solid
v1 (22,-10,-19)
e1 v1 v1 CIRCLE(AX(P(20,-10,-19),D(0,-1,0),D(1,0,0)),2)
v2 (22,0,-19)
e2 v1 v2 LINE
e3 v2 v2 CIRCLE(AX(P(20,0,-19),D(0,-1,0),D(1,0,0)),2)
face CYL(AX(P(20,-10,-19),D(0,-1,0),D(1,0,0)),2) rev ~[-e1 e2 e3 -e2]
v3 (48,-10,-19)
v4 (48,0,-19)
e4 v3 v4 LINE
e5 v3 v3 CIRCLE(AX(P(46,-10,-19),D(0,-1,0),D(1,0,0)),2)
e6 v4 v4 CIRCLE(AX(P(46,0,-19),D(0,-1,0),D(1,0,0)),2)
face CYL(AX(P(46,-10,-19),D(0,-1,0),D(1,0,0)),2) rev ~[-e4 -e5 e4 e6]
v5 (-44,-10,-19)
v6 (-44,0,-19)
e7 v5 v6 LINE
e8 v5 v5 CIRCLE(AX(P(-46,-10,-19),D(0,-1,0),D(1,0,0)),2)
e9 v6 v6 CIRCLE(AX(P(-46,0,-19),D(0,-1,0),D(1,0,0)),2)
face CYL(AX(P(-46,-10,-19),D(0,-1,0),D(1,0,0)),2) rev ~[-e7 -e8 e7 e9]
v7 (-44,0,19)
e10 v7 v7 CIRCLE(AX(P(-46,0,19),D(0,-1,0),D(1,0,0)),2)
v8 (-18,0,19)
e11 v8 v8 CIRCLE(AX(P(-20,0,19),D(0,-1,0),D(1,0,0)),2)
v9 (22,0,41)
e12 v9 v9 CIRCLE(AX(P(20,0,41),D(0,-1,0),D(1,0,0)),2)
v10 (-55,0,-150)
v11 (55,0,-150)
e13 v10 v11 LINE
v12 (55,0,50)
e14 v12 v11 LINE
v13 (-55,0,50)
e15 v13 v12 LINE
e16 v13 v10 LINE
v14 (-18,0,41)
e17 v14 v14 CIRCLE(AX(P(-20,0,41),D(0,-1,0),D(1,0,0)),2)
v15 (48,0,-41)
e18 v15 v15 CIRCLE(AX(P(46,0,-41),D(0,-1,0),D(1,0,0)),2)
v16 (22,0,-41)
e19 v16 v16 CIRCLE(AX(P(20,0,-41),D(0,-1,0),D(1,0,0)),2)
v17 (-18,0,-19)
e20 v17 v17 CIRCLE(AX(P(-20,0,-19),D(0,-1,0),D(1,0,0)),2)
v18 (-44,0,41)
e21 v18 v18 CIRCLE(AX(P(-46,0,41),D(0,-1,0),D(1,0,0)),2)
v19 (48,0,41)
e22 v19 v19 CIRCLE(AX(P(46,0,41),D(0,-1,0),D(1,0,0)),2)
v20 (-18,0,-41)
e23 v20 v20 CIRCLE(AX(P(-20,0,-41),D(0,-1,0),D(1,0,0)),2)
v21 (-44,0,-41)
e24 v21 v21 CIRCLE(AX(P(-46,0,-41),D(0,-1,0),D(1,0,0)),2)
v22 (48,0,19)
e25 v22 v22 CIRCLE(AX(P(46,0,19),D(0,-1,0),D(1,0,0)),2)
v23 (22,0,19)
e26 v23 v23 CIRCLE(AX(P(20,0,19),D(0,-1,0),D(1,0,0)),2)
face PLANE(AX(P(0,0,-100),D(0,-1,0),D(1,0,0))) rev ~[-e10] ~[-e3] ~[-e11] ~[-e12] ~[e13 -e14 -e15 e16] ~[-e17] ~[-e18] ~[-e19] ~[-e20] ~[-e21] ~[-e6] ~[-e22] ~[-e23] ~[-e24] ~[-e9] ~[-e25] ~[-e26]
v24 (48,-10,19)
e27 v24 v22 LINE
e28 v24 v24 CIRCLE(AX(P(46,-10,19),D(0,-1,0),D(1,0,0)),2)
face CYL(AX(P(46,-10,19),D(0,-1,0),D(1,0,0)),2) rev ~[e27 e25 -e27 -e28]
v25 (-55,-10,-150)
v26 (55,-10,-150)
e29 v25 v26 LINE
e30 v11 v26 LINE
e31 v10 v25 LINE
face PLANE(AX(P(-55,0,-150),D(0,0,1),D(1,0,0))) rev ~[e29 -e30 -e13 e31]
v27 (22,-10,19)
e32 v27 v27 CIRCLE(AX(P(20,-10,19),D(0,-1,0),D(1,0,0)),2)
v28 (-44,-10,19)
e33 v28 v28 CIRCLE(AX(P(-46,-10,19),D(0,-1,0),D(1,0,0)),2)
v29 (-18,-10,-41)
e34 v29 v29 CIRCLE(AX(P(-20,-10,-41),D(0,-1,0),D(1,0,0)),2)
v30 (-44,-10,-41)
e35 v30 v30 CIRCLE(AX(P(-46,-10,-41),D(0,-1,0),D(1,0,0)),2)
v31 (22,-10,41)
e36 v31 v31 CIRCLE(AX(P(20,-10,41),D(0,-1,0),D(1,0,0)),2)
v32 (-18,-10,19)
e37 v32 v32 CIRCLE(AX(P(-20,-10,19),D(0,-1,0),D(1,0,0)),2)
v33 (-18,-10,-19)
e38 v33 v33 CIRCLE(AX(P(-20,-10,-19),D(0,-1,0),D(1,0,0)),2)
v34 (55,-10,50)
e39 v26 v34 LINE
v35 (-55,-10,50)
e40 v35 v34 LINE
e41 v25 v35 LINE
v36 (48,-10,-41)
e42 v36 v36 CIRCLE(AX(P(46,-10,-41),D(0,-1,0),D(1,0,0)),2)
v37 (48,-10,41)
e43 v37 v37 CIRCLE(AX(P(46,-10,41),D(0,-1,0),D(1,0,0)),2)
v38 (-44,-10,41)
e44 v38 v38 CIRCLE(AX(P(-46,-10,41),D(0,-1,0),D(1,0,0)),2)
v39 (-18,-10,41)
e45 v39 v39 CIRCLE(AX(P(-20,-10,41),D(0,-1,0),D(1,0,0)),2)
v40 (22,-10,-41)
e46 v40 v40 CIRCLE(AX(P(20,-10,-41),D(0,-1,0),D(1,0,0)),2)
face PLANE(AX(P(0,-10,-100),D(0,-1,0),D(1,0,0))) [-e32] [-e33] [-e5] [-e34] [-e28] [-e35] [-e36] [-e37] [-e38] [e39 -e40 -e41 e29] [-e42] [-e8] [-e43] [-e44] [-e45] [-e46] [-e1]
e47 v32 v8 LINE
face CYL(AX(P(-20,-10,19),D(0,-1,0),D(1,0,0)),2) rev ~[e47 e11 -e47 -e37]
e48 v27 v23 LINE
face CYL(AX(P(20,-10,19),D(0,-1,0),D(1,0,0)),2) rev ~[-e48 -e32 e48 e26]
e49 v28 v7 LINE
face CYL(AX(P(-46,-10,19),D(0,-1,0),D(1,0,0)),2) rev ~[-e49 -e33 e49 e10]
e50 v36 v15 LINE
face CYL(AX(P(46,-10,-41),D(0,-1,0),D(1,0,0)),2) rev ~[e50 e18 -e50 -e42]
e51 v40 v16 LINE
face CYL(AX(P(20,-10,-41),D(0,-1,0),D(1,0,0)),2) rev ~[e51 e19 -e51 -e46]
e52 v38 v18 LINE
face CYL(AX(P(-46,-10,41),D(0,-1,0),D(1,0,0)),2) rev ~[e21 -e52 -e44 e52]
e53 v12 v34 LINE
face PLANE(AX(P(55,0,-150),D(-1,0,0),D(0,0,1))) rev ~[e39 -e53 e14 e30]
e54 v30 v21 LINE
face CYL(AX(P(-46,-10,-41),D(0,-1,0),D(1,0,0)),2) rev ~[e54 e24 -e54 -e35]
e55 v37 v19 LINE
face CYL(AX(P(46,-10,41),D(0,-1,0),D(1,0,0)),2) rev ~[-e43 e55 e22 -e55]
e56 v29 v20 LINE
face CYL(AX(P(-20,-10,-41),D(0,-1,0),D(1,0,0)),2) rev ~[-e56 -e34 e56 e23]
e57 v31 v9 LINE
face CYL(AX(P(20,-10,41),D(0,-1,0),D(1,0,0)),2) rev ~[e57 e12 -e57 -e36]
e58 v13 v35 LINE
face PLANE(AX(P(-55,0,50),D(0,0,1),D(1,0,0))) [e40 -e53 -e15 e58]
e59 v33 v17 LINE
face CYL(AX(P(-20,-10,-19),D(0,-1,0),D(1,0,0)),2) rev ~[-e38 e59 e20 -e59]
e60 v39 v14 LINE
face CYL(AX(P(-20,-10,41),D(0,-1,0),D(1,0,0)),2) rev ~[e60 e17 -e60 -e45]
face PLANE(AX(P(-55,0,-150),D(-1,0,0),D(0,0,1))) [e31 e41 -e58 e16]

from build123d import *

# Parameters (mm, degrees)
F0_W     = 110
F0_H     = 100
F1_DEPTH = 10
F2_R     = 2
F3_DEPTH = 25
F4_W     = 110
F4_H     = 100
F5_DEPTH = 10


with BuildPart() as f1:
    # F0 (on Front) → F1 (new body)
    with BuildSketch(Plane.XZ):
        Rectangle(F0_W, F0_H)
    extrude(amount=F1_DEPTH)

    # F2 (on face) → F3 (cut)
    with BuildSketch(Plane.XZ.offset(10)):
        with Locations((-46, 41)):
            Circle(F2_R)
        with Locations((-20, 41)):
            Circle(F2_R)
        with Locations((-46, 19)):
            Circle(F2_R)
        with Locations((-20, 19)):
            Circle(F2_R)
        with Locations((46, 41)):
            Circle(F2_R)
        with Locations((20, 41)):
            Circle(F2_R)
        with Locations((20, 19)):
            Circle(F2_R)
        with Locations((46, 19)):
            Circle(F2_R)
        with Locations((-46, -19)):
            Circle(F2_R)
        with Locations((-46, -41)):
            Circle(F2_R)
        with Locations((-20, -19)):
            Circle(F2_R)
        with Locations((-20, -41)):
            Circle(F2_R)
        with Locations((20, -41)):
            Circle(F2_R)
        with Locations((46, -41)):
            Circle(F2_R)
        with Locations((46, -19)):
            Circle(F2_R)
        with Locations((20, -19)):
            Circle(F2_R)
    extrude(amount=-F3_DEPTH, mode=Mode.SUBTRACT)

    # F4 (on Front) → F5 (join)
    with BuildSketch(Plane.XZ):
        with Locations((0, -100)):
            Rectangle(F4_W, F4_H)
    extrude(amount=F5_DEPTH)


solid = f1.part
